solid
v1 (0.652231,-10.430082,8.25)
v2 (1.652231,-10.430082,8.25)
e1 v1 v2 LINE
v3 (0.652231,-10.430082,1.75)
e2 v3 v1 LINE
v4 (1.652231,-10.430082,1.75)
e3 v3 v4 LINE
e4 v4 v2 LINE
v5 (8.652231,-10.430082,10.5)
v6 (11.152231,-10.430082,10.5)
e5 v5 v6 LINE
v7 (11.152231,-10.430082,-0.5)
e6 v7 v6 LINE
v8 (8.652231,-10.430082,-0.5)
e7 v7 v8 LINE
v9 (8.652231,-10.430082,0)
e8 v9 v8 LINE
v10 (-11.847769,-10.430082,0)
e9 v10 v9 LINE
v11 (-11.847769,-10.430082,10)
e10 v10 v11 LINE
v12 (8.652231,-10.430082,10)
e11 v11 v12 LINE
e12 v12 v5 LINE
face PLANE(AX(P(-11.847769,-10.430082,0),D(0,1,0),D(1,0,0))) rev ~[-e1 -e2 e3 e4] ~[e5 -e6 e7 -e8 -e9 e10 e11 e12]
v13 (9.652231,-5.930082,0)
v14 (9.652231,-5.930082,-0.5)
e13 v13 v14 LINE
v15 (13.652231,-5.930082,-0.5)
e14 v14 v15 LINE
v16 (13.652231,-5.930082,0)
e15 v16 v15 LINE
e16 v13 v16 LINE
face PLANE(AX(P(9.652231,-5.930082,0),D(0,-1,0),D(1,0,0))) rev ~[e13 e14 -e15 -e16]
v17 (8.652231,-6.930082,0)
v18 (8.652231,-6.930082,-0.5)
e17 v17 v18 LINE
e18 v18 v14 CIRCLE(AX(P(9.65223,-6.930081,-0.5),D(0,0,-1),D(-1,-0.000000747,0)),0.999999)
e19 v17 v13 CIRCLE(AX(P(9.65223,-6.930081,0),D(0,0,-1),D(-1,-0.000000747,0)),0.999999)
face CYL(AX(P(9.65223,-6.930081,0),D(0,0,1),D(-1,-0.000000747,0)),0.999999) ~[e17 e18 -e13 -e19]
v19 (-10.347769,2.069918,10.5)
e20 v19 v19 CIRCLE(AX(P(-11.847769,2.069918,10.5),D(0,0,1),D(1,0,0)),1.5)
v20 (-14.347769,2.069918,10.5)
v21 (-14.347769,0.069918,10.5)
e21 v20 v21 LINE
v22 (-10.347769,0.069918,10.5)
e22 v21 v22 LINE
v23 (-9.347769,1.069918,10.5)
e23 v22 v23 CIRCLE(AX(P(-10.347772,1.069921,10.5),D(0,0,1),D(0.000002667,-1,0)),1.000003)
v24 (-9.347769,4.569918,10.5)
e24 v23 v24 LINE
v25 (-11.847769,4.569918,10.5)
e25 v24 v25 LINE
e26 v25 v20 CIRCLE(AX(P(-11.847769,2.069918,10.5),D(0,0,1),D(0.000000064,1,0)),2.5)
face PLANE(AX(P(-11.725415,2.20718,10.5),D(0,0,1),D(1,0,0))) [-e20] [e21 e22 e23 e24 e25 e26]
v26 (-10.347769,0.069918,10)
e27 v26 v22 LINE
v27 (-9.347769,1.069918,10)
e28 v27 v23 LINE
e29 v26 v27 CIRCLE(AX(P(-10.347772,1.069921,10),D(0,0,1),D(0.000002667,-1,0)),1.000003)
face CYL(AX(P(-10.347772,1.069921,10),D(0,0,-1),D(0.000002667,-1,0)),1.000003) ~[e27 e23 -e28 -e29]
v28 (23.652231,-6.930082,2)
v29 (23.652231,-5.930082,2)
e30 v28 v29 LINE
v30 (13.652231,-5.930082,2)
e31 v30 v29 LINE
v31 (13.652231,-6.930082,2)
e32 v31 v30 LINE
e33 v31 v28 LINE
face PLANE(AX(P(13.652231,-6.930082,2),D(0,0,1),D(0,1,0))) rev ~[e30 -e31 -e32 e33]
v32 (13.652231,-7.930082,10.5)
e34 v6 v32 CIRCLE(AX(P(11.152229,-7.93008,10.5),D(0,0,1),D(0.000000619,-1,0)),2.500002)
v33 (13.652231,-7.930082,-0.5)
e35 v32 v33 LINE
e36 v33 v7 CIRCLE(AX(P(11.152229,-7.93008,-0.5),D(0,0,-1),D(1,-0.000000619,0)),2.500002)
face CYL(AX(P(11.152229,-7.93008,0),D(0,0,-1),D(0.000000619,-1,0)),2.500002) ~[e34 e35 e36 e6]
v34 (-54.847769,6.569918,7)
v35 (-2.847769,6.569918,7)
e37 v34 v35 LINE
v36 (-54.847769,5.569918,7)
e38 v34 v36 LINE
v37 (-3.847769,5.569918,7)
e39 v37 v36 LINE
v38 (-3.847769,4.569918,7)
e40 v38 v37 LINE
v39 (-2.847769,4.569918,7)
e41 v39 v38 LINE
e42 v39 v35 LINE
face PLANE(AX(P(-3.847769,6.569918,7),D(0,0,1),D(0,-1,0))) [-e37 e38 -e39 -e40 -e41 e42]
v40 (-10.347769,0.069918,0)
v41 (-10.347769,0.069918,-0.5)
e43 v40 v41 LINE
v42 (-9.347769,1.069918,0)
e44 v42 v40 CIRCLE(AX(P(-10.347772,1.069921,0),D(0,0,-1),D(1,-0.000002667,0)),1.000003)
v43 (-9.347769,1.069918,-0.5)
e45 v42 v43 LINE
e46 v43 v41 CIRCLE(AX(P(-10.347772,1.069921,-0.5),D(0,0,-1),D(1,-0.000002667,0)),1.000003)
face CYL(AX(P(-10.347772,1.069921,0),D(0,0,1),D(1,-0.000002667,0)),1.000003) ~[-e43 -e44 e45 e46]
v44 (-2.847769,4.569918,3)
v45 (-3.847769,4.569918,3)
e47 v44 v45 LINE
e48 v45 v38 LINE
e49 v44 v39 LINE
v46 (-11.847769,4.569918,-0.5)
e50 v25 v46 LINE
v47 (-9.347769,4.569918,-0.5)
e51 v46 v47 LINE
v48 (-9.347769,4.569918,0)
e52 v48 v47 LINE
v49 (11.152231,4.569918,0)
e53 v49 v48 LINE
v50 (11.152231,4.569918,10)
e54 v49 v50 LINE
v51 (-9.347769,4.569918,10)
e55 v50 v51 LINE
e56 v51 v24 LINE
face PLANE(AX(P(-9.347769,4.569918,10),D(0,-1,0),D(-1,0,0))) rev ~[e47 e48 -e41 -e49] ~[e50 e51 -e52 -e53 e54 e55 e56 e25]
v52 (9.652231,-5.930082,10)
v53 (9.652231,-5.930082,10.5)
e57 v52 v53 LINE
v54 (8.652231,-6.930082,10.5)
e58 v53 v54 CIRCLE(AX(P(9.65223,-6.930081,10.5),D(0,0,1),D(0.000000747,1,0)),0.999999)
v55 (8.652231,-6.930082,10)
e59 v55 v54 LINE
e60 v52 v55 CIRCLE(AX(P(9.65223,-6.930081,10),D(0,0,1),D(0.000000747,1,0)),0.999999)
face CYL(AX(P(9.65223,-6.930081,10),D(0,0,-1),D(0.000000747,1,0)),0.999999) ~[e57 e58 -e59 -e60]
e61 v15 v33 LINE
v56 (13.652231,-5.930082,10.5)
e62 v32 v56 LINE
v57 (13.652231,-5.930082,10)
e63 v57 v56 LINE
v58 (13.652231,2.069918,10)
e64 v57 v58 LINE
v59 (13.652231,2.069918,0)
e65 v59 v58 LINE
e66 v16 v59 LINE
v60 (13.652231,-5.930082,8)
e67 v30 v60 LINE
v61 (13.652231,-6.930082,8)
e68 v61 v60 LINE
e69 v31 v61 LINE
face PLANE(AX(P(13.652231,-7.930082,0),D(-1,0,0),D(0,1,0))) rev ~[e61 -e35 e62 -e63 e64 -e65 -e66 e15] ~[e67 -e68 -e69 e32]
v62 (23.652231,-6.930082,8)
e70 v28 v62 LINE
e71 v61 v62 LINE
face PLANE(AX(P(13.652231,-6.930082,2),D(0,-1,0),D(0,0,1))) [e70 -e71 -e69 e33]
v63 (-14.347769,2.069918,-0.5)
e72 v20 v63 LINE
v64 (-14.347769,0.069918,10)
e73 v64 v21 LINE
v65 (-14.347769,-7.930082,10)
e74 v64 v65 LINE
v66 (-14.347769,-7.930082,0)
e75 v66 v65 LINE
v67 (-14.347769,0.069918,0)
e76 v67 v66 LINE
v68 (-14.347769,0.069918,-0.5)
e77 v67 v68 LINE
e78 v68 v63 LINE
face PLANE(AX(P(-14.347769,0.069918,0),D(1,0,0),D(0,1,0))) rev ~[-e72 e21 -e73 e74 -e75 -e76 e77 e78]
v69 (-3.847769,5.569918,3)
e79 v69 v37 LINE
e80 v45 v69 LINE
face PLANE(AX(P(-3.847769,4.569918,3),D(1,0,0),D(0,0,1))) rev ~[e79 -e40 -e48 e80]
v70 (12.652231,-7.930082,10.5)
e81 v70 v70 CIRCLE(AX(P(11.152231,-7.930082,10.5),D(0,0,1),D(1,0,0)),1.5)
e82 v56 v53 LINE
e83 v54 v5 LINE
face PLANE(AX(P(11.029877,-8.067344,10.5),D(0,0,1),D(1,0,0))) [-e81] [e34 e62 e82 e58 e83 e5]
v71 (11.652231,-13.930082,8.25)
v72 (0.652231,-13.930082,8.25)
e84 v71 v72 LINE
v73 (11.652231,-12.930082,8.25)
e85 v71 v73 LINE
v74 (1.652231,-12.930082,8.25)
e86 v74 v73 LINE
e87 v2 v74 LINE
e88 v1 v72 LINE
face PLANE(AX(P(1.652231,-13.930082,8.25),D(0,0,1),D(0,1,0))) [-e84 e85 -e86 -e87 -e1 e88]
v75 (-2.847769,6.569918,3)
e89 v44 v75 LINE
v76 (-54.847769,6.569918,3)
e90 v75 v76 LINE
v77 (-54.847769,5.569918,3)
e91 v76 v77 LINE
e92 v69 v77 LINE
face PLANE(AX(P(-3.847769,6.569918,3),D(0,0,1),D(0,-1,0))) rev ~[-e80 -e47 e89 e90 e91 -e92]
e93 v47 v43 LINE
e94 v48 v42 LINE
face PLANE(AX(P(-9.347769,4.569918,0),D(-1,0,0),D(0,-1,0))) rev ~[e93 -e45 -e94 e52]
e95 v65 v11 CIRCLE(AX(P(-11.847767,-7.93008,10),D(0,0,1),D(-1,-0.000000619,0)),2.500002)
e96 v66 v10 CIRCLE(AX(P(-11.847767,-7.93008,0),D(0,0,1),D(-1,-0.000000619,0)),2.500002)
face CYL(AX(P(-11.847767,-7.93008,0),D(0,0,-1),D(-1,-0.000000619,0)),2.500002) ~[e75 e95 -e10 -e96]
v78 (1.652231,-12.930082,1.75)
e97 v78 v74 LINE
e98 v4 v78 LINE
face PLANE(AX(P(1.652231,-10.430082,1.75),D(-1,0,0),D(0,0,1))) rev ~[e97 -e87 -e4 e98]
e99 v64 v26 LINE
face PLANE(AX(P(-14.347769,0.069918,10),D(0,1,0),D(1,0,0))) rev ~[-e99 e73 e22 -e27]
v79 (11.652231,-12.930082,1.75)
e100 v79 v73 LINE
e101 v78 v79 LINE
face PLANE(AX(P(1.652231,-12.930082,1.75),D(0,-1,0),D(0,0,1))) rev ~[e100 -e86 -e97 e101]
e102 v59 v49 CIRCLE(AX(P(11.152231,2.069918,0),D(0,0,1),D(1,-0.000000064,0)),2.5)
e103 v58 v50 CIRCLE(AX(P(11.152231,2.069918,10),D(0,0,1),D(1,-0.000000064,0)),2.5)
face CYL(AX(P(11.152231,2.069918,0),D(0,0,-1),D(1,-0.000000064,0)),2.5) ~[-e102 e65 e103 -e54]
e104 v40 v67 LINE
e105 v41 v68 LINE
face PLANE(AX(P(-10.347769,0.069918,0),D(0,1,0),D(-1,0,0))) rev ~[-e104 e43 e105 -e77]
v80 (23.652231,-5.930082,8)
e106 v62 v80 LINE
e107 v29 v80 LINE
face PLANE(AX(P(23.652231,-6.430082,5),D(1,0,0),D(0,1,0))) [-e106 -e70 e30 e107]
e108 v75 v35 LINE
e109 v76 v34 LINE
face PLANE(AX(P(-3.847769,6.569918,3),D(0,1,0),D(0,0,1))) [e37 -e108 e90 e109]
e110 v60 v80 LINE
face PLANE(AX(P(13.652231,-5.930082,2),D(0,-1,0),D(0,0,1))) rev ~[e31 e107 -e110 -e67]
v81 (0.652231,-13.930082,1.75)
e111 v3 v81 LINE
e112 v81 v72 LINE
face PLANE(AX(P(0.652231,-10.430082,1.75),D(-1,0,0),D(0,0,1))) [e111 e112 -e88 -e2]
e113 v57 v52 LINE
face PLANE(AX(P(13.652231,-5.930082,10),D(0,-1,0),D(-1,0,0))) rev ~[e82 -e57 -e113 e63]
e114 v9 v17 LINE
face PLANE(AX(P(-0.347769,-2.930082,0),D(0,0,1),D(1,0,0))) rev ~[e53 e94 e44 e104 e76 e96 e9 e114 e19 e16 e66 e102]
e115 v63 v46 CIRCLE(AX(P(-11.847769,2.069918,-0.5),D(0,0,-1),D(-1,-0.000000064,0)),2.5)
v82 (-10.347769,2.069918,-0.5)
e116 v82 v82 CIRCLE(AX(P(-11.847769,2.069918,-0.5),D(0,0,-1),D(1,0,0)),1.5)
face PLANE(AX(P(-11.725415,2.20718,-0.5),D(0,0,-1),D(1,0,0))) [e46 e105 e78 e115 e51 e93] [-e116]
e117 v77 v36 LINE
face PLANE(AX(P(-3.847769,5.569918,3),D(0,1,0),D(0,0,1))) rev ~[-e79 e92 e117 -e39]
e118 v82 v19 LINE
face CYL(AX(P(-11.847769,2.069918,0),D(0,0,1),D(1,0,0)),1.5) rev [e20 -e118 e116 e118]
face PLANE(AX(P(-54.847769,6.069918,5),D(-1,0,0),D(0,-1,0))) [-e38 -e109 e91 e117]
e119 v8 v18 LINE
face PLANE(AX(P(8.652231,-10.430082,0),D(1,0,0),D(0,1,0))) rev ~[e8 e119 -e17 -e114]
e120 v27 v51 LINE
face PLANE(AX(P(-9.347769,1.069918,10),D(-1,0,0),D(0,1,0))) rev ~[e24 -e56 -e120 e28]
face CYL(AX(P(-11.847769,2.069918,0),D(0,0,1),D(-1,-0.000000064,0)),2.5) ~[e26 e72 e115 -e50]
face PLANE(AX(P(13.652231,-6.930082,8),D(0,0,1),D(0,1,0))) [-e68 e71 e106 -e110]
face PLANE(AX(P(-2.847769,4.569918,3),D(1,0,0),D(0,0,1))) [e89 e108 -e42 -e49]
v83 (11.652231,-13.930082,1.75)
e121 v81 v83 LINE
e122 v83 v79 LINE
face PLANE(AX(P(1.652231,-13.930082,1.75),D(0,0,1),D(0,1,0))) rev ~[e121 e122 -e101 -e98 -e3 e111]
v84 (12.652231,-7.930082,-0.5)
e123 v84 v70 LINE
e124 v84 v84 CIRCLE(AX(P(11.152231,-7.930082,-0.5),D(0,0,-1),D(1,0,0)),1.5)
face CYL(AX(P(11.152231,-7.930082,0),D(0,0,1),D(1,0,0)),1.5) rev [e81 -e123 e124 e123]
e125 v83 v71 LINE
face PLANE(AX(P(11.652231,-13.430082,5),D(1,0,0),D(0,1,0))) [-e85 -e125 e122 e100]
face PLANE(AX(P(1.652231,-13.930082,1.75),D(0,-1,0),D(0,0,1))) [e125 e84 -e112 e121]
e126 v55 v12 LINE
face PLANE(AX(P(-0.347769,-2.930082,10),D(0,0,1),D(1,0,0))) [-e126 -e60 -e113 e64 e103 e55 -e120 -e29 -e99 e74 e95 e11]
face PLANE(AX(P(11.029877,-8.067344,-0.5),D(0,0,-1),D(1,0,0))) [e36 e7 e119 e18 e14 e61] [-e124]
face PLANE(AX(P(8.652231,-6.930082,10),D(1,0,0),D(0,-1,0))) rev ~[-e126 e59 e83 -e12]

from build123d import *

# Parameters (mm, degrees)
F1_DEPTH  = 10
F2_R      = 1.5
F3_DEPTH  = 15
F4_R      = 1.5
F5_DEPTH  = 0.5
F6_R      = 1.5
F7_DEPTH  = 0.5
F8_W      = 1
F8_H      = 6
F9_DEPTH  = 10
F10_W     = 1
F10_H     = 6.5
F11_DEPTH = 3.5
F12_W     = 1
F12_H     = 6.5
F13_DEPTH = 10
F14_W     = 1
F14_H     = 4
F15_DEPTH = 2
F16_W     = 1
F16_H     = 4
F17_DEPTH = 51


with BuildPart() as f1:
    # F0 (on Top) → F1 (new body)
    with BuildSketch(Plane.XY):
        with BuildLine():
            Line((11.152231, 4.569918), (-11.847769, 4.569918))
            ThreePointArc((-11.847769, 4.569918), (-13.615536, 3.837685), (-14.347769, 2.069918))
            Line((-14.347769, 2.069918), (-14.347769, -7.930082))
            ThreePointArc((-14.347769, -7.930082), (-13.615536, -9.697848), (-11.847769, -10.430082))
            Line((-11.847769, -10.430082), (11.152231, -10.430082))
            ThreePointArc((11.152231, -10.430082), (12.919998, -9.697848), (13.652231, -7.930082))
            Line((13.652231, -7.930082), (13.652231, 2.069918))
            ThreePointArc((13.652231, 2.069918), (12.919998, 3.837685), (11.152231, 4.569918))
        make_face()
    extrude(amount=F1_DEPTH)

    # F2 (on face) → F3 (cut)
    with BuildSketch(Plane.XY.offset(10)):
        with Locations((-11.847769, 2.069918)):
            Circle(F2_R)
        with Locations((11.152231, -7.930082)):
            Circle(F2_R)
    extrude(amount=-F3_DEPTH, mode=Mode.SUBTRACT)

    # F4 (on face) → F5 (join)
    with BuildSketch(Plane.XY.offset(10)):
        with BuildLine():
            Line((-9.347769, 1.069918), (-9.347769, 4.569918))
            Line((-9.347769, 4.569918), (-11.847769, 4.569918))
            ThreePointArc((-11.847769, 4.569918), (-13.615536, 3.837685), (-14.347769, 2.069918))
            Line((-14.347769, 2.069918), (-14.347769, 0.069918))
            Line((-14.347769, 0.069918), (-10.347769, 0.069918))
            ThreePointArc((-10.347769, 0.069918), (-9.640663, 0.362812), (-9.347769, 1.069918))
        make_face()
        with Locations((-11.847769, 2.069918)):
            Circle(F4_R, mode=Mode.SUBTRACT)
        with BuildLine():
            Line((13.652231, -7.930082), (13.652231, -5.930082))
            Line((13.652231, -5.930082), (9.652231, -5.930082))
            ThreePointArc((9.652231, -5.930082), (8.945124, -6.222975), (8.652231, -6.930082))
            Line((8.652231, -6.930082), (8.652231, -10.430082))
            Line((8.652231, -10.430082), (11.152231, -10.430082))
            ThreePointArc((11.152231, -10.430082), (12.919998, -9.697848), (13.652231, -7.930082))
        make_face()
        with Locations((11.152231, -7.930082)):
            Circle(F4_R, mode=Mode.SUBTRACT)
    extrude(amount=F5_DEPTH)

    # F6 (on face) → F7 (join)
    with BuildSketch(Plane(origin=(0, 0, 0), x_dir=(1, 0, 0), z_dir=(0, 0, -1))):
        with BuildLine():
            Line((-10.347769, -0.069918), (-14.347769, -0.069918))
            Line((-14.347769, -0.069918), (-14.347769, -2.069918))
            ThreePointArc((-14.347769, -2.069918), (-13.615536, -3.837685), (-11.847769, -4.569918))
            Line((-11.847769, -4.569918), (-9.347769, -4.569918))
            Line((-9.347769, -4.569918), (-9.347769, -1.069918))
            ThreePointArc((-9.347769, -1.069918), (-9.640663, -0.362812), (-10.347769, -0.069918))
        make_face()
        with Locations((-11.847769, -2.069918)):
            Circle(F6_R, mode=Mode.SUBTRACT)
        with BuildLine():
            Line((11.152231, 10.430082), (8.652231, 10.430082))
            Line((8.652231, 10.430082), (8.652231, 6.930082))
            ThreePointArc((8.652231, 6.930082), (8.945124, 6.222975), (9.652231, 5.930082))
            Line((9.652231, 5.930082), (13.652231, 5.930082))
            Line((13.652231, 5.930082), (13.652231, 7.930082))
            ThreePointArc((13.652231, 7.930082), (12.919998, 9.697848), (11.152231, 10.430082))
        make_face()
        with Locations((11.152231, 7.930082)):
            Circle(F6_R, mode=Mode.SUBTRACT)
    extrude(amount=F7_DEPTH)

    # F8 (on face) → F9 (join)
    with BuildSketch(Plane.YZ.offset(13.652231)):
        with Locations((-6.430082, 5)):
            Rectangle(F8_W, F8_H)
    extrude(amount=F9_DEPTH)

    # F10 (on face) → F11 (join)
    with BuildSketch(Plane.XZ.offset(10.430082)):
        with Locations((1.152231, 5)):
            Rectangle(F10_W, F10_H)
    extrude(amount=F11_DEPTH)

    # F12 (on face) → F13 (join)
    with BuildSketch(Plane.YZ.offset(1.652231)):
        with Locations((-13.430082, 5)):
            Rectangle(F12_W, F12_H)
    extrude(amount=F13_DEPTH)

    # F14 (on face) → F15 (join)
    with BuildSketch(Plane(origin=(0, 4.569918, 0), x_dir=(-1, 0, 0), z_dir=(0, 1, 0))):
        with Locations((3.347769, 5)):
            Rectangle(F14_W, F14_H)
    extrude(amount=F15_DEPTH)

    # F16 (on face) → F17 (join)
    with BuildSketch(Plane(origin=(-3.847769, 0, 0), x_dir=(0, -1, 0), z_dir=(-1, 0, 0))):
        with Locations((-6.069918, 5)):
            Rectangle(F16_W, F16_H)
    extrude(amount=F17_DEPTH)


solid = f1.part
